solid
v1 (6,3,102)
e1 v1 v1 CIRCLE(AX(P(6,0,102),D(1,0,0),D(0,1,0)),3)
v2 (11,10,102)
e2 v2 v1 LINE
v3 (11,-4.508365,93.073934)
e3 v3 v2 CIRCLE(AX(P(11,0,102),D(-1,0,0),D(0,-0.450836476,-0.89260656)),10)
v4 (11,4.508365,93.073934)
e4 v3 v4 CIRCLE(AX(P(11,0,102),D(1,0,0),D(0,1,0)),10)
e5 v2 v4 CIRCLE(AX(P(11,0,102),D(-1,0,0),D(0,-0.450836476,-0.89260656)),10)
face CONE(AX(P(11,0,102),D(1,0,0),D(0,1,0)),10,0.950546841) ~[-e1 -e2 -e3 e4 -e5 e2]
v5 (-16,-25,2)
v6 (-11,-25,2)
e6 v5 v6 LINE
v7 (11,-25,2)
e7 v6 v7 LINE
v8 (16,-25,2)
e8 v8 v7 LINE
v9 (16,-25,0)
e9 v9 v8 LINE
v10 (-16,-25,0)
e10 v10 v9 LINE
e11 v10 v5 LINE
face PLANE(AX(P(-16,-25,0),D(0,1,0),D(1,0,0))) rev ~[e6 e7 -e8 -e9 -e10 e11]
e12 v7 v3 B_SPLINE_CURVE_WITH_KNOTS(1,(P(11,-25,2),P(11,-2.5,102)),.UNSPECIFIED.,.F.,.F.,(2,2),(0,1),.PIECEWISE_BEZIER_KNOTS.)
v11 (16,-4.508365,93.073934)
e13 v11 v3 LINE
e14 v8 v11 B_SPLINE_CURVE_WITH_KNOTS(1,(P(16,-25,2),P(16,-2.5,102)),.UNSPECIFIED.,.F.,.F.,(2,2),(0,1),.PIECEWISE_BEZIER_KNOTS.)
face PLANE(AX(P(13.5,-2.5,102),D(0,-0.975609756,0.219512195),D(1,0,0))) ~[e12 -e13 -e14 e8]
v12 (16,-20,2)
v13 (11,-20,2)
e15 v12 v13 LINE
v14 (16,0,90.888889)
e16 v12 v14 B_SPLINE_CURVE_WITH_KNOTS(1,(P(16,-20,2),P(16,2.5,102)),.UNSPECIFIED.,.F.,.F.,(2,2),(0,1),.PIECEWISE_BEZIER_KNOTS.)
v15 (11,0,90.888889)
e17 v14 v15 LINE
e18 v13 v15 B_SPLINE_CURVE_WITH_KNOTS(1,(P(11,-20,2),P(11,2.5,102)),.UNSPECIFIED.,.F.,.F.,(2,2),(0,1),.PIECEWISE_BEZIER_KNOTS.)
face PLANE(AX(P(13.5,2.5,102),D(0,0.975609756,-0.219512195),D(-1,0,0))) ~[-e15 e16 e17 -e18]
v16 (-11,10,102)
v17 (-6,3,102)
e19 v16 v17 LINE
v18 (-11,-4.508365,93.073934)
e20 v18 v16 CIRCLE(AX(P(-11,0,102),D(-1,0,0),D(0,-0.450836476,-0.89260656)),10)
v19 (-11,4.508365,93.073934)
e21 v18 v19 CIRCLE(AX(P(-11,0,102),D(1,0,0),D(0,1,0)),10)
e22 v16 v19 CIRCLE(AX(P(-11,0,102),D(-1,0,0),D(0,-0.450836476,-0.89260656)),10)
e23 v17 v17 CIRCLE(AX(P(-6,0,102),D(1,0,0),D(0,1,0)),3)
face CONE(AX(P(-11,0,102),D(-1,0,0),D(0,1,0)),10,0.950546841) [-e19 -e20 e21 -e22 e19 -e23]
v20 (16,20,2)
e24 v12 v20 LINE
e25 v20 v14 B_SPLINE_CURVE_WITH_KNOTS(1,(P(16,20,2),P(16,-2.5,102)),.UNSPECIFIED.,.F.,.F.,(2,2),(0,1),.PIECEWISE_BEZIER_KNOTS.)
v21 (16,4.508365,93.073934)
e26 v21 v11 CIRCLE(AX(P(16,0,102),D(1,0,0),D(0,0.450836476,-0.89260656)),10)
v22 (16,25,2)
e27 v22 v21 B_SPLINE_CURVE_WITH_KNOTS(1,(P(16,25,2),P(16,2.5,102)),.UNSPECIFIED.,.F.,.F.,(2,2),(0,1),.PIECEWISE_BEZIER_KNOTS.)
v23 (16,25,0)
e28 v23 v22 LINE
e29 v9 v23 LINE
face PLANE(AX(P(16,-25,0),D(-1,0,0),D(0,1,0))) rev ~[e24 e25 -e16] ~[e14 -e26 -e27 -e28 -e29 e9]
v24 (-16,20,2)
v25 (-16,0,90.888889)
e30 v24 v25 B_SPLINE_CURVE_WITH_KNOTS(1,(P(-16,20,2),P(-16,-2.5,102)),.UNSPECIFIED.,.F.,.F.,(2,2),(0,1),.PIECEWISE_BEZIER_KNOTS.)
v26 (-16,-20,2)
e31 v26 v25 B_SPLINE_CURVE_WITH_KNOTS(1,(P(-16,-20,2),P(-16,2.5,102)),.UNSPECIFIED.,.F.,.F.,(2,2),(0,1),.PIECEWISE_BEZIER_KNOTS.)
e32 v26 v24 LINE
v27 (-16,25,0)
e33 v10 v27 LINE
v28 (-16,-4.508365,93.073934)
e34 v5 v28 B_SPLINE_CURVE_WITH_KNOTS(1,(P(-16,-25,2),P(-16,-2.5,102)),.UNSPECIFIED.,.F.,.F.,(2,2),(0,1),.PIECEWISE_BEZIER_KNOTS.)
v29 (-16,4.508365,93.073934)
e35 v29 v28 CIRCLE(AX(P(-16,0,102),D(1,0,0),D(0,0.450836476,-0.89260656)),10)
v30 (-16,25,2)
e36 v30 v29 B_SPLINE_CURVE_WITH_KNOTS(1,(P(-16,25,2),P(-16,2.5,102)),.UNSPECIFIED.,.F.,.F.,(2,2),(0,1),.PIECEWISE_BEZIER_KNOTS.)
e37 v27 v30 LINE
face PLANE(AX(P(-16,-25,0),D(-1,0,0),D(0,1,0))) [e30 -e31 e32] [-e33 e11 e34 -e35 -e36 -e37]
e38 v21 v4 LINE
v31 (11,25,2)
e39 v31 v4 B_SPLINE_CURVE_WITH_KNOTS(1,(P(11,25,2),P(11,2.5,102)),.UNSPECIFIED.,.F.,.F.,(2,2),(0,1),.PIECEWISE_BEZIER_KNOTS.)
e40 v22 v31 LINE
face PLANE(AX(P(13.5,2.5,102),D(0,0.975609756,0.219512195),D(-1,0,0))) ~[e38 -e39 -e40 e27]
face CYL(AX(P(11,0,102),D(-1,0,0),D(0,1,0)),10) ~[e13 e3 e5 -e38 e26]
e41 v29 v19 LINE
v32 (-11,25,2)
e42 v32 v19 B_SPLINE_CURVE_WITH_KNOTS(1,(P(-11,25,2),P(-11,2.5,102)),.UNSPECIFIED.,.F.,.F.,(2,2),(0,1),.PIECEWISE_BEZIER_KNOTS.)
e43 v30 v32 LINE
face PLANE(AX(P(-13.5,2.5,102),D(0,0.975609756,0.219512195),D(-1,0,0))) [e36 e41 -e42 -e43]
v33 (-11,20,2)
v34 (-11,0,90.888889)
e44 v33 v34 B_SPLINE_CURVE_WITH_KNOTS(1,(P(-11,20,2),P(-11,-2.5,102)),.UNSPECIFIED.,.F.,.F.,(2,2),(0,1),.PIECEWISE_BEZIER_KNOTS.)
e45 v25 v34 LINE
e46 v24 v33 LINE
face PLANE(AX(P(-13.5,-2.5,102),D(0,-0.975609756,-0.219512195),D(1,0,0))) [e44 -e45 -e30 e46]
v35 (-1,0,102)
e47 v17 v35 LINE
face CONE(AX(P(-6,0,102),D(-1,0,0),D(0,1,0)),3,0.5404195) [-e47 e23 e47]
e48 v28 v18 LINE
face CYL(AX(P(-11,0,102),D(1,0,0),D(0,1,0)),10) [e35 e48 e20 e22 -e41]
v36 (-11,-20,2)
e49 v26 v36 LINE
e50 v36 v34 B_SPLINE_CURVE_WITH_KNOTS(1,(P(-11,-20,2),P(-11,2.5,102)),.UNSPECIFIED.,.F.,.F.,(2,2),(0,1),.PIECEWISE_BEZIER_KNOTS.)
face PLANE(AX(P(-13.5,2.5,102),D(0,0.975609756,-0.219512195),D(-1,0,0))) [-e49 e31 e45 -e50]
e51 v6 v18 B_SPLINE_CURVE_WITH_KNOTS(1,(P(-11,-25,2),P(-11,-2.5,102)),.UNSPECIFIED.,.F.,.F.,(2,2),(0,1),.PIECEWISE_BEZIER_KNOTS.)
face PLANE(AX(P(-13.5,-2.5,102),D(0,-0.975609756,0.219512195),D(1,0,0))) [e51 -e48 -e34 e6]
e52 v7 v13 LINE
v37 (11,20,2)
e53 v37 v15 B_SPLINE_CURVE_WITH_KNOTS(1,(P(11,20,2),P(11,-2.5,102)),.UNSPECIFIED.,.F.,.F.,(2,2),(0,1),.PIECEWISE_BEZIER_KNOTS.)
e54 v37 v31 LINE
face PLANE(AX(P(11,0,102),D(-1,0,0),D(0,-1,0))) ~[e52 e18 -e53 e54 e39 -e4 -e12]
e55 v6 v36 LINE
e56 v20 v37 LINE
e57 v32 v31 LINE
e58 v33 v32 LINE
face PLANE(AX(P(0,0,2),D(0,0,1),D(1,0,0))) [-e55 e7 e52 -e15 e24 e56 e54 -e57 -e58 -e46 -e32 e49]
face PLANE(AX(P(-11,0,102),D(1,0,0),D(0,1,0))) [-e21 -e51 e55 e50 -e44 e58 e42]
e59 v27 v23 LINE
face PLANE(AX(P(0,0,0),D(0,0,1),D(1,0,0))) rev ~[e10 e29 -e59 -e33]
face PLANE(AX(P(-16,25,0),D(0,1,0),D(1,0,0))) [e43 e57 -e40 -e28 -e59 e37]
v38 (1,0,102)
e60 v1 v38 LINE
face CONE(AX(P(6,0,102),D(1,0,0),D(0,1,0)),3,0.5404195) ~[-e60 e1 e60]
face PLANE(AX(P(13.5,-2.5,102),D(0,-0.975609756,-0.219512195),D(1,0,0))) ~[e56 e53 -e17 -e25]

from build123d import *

# Parameters (mm, degrees)
SKETCH_W     = 32
SKETCH_H     = 50
PAD_DEPTH    = 2
SKETCH003_W  = 5
SKETCH003_H  = 5
SKETCH002_W  = 5
SKETCH002_H  = 5
SKETCH001_W  = 5
SKETCH001_H  = 5
SKETCH004_R  = 10
PAD001_DEPTH = 5


with BuildPart() as body:
    # Sketch → Pad (new body)
    with BuildSketch(Plane.XY):
        Rectangle(SKETCH_W, SKETCH_H)
    extrude(amount=PAD_DEPTH)


with BuildPart() as loft001:
    # Sketch003 (on Face6 of Pad) → Loft001 section 0
    with BuildSketch(Plane.XY.offset(2)):
        with Locations((-13.5, -22.5)):
            Rectangle(SKETCH003_W, SKETCH003_H)
    # Sketch002 (on Face6 of Pad) → Loft001 section 1
    with BuildSketch(Plane.XY.offset(102)):
        with Locations((-13.5, 0)):
            Rectangle(SKETCH002_W, SKETCH002_H)
    loft()


with BuildPart() as body001:
    # Sketch001 (on Face6 of Pad) → Loft section 0
    with BuildSketch(Plane.XY.offset(2)):
        with Locations((-13.5, 22.5)):
            Rectangle(SKETCH001_W, SKETCH001_H)
    # Sketch002 (on Face6 of Pad) → Loft section 1
    with BuildSketch(Plane.XY.offset(102)):
        with Locations((-13.5, 0)):
            Rectangle(SKETCH002_W, SKETCH002_H)
    loft()

    # Fusion: union Loft001
    add(loft001.part)

    # Sketch004 (on Face7 of BaseFeature) → Pad001 (new body)
    with BuildSketch(Plane.YZ.offset(-11)):
        with Locations((0, 102)):
            Circle(SKETCH004_R)
    extrude(amount=-PAD001_DEPTH)

    # Cone → Cone (revolve)
    with BuildSketch(Plane(origin=(-11, 0, 102), x_dir=(0, 1, 0), z_dir=(0, 0, -1))):
        Polygon((0, 0), (10, 0), (3, 5), (0, 5), align=None)
    revolve(axis=Axis((-11, 0, 102), (1, 0, 0)))

    # Cone001 → Cone001 (revolve)
    with BuildSketch(Plane(origin=(-6, 0, 102), x_dir=(0, 1, 0), z_dir=(0, 0, -1))):
        Polygon((0, 0), (3, 0), (0, 5), align=None)
    revolve(axis=Axis((-6, 0, 102), (1, 0, 0)))


with BuildPart() as tool:
    # Part__Mirroring: instance of Body001
    add(body001.part.mirror(Plane(origin=(0, 0, 0), x_dir=(0, -1, 0), z_dir=(1, 0, 0))))

    # Fusion001: union Body001
    add(body001.part)

    # Fusion002: union Body
    add(body.part)


solid = tool.part
